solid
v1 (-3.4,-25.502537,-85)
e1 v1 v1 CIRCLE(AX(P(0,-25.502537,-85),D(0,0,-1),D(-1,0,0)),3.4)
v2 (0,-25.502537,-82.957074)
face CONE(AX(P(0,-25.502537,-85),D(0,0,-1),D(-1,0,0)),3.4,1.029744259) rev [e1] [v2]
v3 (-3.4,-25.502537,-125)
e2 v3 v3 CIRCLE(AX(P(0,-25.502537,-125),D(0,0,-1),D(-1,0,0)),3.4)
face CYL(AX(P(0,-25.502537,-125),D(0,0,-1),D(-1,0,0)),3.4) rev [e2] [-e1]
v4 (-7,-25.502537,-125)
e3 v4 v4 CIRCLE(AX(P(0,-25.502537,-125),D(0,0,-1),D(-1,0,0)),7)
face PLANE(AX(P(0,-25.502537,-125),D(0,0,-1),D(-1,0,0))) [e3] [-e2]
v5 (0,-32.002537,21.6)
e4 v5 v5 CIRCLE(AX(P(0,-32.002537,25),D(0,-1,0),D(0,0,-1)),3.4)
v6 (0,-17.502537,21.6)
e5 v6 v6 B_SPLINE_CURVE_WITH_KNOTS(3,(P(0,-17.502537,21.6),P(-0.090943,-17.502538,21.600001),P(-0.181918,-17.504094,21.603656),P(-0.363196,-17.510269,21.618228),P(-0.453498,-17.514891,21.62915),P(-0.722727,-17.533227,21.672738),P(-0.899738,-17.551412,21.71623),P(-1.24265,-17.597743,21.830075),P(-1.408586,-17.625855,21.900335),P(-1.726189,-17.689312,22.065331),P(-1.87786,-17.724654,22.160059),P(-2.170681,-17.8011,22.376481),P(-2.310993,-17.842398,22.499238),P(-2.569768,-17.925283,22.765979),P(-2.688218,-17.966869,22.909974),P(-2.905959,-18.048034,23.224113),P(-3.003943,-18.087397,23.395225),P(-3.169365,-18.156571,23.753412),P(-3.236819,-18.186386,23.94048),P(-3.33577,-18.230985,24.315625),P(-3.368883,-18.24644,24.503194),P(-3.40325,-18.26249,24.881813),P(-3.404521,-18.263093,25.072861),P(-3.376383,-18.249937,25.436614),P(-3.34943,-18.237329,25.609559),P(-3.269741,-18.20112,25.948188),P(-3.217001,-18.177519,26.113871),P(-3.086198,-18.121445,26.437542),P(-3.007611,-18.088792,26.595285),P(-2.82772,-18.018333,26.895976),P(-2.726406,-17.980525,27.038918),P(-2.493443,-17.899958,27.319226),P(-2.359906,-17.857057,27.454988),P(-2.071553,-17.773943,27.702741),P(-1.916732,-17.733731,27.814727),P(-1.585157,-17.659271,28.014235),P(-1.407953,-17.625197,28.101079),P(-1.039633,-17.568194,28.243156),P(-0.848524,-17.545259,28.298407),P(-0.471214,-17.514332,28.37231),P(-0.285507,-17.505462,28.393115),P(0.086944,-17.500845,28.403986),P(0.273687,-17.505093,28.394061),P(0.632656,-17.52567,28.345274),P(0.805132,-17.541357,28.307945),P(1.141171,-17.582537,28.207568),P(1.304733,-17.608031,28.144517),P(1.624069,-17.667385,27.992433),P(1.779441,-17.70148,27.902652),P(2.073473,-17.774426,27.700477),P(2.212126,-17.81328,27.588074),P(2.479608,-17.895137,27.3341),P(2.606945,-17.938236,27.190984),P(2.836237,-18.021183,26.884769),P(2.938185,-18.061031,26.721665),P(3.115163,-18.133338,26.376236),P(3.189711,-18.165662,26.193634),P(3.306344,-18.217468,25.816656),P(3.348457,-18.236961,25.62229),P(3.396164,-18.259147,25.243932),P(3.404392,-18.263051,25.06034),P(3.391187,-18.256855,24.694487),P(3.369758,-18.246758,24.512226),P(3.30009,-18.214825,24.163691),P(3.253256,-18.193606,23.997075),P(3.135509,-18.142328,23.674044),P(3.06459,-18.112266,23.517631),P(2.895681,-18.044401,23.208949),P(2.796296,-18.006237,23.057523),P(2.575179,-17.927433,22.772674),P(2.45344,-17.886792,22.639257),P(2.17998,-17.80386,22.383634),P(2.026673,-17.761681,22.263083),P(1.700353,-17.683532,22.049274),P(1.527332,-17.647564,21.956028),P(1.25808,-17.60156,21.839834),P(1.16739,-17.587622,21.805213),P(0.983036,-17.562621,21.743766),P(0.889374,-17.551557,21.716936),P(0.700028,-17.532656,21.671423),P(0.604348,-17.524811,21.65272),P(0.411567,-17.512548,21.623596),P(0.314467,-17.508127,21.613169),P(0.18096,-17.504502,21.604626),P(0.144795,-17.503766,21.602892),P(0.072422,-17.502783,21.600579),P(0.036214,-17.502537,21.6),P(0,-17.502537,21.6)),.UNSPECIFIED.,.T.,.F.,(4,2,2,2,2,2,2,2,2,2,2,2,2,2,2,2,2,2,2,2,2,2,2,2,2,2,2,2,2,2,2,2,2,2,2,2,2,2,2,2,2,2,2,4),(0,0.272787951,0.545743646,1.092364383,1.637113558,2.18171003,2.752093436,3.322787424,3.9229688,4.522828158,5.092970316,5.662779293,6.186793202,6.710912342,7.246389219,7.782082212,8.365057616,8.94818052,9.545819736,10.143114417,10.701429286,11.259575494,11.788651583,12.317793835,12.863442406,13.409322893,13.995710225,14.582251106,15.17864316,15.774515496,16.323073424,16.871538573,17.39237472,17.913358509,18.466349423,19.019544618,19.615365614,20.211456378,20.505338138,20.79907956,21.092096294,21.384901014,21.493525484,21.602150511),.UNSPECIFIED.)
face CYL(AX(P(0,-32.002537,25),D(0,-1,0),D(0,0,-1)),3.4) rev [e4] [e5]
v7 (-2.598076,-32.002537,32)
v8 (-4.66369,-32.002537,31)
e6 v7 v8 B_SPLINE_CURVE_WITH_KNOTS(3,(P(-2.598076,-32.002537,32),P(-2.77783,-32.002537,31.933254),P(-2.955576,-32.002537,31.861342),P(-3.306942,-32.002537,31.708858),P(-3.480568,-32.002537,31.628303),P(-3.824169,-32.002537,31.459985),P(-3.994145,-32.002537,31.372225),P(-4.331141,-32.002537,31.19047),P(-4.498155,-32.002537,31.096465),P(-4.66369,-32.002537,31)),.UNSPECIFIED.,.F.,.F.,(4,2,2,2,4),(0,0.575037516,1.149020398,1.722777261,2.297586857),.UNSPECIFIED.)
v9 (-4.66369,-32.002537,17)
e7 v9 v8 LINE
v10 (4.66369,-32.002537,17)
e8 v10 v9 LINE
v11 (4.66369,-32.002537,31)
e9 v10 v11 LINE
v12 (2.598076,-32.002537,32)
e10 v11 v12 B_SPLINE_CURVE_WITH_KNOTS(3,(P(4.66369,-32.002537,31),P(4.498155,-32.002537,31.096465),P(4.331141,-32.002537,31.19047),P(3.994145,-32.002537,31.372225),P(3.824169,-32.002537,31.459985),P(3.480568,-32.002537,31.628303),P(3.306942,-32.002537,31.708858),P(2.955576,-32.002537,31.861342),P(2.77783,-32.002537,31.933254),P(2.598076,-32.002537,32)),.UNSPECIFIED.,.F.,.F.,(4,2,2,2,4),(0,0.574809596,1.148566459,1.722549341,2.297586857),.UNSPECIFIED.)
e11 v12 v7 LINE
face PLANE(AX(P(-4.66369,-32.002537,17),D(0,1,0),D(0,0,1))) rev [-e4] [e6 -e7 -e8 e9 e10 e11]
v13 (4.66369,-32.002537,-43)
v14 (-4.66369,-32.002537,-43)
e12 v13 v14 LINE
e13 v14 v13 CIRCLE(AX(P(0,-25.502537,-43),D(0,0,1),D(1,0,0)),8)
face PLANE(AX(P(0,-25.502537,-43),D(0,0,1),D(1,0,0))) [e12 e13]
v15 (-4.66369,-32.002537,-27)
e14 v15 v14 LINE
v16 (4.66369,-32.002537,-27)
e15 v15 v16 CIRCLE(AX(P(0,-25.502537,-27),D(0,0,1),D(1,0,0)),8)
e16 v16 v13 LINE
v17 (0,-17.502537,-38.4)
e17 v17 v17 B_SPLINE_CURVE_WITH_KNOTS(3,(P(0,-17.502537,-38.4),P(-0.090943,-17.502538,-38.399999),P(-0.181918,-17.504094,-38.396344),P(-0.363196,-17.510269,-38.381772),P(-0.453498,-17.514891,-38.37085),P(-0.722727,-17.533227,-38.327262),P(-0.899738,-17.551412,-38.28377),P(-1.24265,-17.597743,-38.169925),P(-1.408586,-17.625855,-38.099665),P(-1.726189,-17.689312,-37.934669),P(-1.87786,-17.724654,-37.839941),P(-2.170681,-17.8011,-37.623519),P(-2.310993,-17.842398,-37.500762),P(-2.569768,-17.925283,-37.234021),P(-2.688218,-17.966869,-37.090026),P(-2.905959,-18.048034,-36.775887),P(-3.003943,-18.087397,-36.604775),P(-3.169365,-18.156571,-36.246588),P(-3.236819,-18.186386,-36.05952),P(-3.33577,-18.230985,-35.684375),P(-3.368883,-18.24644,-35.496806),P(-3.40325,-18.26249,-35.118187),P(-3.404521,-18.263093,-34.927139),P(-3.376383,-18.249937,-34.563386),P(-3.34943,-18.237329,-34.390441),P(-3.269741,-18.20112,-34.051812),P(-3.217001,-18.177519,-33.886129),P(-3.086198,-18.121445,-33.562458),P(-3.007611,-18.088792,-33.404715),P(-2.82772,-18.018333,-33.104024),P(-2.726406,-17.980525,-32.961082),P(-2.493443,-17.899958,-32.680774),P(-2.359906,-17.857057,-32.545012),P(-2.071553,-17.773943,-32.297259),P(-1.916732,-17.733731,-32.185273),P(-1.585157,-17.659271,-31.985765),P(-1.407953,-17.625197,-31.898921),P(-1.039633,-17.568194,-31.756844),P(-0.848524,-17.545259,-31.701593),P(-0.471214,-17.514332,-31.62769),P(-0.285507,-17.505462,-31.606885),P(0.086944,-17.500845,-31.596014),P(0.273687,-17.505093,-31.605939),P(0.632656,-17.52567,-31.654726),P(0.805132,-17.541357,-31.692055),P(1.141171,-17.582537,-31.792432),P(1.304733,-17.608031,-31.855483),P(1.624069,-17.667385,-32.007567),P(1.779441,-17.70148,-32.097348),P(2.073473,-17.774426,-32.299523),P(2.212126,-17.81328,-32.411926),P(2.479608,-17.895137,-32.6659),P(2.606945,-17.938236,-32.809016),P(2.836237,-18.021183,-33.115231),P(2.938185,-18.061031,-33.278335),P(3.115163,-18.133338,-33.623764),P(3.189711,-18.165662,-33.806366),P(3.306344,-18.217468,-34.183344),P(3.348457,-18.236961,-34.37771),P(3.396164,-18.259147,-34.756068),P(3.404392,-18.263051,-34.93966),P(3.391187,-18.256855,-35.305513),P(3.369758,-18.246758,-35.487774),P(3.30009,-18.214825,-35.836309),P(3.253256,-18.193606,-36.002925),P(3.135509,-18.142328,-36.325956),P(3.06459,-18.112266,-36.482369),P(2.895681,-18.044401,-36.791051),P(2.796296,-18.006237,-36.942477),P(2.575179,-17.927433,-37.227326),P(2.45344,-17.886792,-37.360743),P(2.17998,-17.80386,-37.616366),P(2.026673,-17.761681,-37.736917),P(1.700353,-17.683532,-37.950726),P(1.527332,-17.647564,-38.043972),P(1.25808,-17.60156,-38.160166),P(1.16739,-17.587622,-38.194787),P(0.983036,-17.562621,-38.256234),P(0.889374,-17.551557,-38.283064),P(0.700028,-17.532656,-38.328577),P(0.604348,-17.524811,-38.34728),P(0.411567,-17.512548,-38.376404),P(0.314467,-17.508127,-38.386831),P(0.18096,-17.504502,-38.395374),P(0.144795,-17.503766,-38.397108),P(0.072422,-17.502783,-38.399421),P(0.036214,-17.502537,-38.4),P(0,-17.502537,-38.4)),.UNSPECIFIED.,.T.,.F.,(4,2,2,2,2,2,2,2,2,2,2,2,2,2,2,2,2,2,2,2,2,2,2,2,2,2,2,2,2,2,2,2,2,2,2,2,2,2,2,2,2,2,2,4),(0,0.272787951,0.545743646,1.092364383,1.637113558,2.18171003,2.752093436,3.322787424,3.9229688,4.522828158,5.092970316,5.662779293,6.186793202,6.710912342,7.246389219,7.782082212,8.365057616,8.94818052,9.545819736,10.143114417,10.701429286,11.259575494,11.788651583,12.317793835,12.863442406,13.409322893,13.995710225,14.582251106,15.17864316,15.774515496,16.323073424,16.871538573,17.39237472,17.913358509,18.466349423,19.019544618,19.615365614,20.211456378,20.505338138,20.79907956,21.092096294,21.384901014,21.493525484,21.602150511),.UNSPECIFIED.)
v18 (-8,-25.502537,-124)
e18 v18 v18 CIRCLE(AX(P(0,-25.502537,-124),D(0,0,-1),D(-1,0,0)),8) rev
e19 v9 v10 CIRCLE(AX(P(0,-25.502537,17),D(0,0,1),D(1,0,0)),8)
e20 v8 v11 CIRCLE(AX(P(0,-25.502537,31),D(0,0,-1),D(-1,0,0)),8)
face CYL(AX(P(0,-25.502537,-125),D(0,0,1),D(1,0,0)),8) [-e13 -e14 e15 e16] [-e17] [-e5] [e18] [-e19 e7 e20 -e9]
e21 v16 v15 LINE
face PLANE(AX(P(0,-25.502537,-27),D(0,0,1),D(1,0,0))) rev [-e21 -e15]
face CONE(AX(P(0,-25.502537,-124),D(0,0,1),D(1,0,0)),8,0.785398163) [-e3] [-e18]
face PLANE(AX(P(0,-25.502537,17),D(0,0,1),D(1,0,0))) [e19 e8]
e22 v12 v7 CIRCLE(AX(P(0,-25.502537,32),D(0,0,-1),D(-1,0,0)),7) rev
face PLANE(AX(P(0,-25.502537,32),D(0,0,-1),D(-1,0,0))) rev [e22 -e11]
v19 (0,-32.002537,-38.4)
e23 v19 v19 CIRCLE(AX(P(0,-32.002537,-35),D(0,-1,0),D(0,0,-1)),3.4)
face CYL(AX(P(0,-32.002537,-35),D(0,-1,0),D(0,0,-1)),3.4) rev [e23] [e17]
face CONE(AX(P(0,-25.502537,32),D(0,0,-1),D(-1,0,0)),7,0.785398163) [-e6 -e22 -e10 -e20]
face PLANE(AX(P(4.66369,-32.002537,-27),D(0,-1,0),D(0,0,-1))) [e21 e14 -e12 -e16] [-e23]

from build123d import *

# Parameters (mm, degrees)
BOSS_EXTRUDE1_DEPTH      = 32
BOSS_EXTRUDE1_DEPTH_BACK = 125
CUT_EXTRUDE1_DEPTH       = 15
CUT_EXTRUDE2_DEPTH       = 16
M8_TAPPED_HOLE1_D        = 6.8
M8_TAPPED_HOLE1_DEPTH    = 40
M8_TAPPED_HOLE1_TIP      = 2.042926105
CHAMFER1_SIZE            = 1
CHAMFER2_SIZE            = 1
M8_TAPPED_HOLE2_D        = 6.8


with BuildPart() as part:
    # Sketch1 → Boss-Extrude1 (new, two sides: drawn at the far end of the back side and taken through both)
    with BuildSketch(Plane.XY.offset(-BOSS_EXTRUDE1_DEPTH_BACK)):
        with BuildLine():
            ThreePointArc((6.92820323, -29.502537206), (0, -17.502537206), (-6.92820323, -29.502537206))
            ThreePointArc((-6.92820323, -29.502537206), (0, -33.502537206), (6.92820323, -29.502537206))
        make_face()
    extrude(amount=BOSS_EXTRUDE1_DEPTH + BOSS_EXTRUDE1_DEPTH_BACK)

    # Sketch2 → Cut-Extrude1 (cut)
    with BuildSketch(Plane.XY.offset(32)):
        with BuildLine():
            Line((-4.663689527, -32.002537206), (4.663689527, -32.002537206))
            ThreePointArc((4.663689527, -32.002537206), (0, -33.502537206), (-4.663689527, -32.002537206))
        make_face()
    extrude(amount=-CUT_EXTRUDE1_DEPTH, mode=Mode.SUBTRACT)

    # Sketch3 → Cut-Extrude2 (cut)
    with BuildSketch(Plane.XY.offset(-43)):
        with BuildLine():
            Line((4.663689527, -32.002537206), (-4.663689527, -32.002537206))
            ThreePointArc((-4.663689527, -32.002537206), (0, -33.502537206), (4.663689527, -32.002537206))
        make_face()
    extrude(amount=CUT_EXTRUDE2_DEPTH, mode=Mode.SUBTRACT)

    # M8 Tapped Hole1
    with Locations(Plane(origin=(0, 0, -125), x_dir=(-1, 0, 0), z_dir=(0, 0, -1))):
        with Locations((0, -25.502537206)):
            Hole(M8_TAPPED_HOLE1_D / 2, depth=M8_TAPPED_HOLE1_DEPTH)
            with Locations((0, 0, -(M8_TAPPED_HOLE1_DEPTH + M8_TAPPED_HOLE1_TIP / 2))):  # 118° drill point
                Cone(0, M8_TAPPED_HOLE1_D / 2, M8_TAPPED_HOLE1_TIP, mode=Mode.SUBTRACT)

    # Chamfer1
    chamfer1_edges = [part.edges().sort_by_distance(p)[0] for p in [
        (6.92820323, -21.502537206, -125),
    ]]
    chamfer(chamfer1_edges, length=CHAMFER1_SIZE)

    # Chamfer2
    chamfer2_edges = [part.edges().sort_by_distance(p)[0] for p in [
        (1.686566209, -17.682339356, 32),
    ]]
    chamfer(chamfer2_edges, length=CHAMFER2_SIZE)

    # M8 Tapped Hole2 (through all)
    with Locations(Plane(origin=(0, -32.002537206, 0), x_dir=(-1, 0, 0), z_dir=(0, -1, 0))):
        with Locations((0, -25), (0, 35)):
            Hole(M8_TAPPED_HOLE2_D / 2)


solid = part.part
